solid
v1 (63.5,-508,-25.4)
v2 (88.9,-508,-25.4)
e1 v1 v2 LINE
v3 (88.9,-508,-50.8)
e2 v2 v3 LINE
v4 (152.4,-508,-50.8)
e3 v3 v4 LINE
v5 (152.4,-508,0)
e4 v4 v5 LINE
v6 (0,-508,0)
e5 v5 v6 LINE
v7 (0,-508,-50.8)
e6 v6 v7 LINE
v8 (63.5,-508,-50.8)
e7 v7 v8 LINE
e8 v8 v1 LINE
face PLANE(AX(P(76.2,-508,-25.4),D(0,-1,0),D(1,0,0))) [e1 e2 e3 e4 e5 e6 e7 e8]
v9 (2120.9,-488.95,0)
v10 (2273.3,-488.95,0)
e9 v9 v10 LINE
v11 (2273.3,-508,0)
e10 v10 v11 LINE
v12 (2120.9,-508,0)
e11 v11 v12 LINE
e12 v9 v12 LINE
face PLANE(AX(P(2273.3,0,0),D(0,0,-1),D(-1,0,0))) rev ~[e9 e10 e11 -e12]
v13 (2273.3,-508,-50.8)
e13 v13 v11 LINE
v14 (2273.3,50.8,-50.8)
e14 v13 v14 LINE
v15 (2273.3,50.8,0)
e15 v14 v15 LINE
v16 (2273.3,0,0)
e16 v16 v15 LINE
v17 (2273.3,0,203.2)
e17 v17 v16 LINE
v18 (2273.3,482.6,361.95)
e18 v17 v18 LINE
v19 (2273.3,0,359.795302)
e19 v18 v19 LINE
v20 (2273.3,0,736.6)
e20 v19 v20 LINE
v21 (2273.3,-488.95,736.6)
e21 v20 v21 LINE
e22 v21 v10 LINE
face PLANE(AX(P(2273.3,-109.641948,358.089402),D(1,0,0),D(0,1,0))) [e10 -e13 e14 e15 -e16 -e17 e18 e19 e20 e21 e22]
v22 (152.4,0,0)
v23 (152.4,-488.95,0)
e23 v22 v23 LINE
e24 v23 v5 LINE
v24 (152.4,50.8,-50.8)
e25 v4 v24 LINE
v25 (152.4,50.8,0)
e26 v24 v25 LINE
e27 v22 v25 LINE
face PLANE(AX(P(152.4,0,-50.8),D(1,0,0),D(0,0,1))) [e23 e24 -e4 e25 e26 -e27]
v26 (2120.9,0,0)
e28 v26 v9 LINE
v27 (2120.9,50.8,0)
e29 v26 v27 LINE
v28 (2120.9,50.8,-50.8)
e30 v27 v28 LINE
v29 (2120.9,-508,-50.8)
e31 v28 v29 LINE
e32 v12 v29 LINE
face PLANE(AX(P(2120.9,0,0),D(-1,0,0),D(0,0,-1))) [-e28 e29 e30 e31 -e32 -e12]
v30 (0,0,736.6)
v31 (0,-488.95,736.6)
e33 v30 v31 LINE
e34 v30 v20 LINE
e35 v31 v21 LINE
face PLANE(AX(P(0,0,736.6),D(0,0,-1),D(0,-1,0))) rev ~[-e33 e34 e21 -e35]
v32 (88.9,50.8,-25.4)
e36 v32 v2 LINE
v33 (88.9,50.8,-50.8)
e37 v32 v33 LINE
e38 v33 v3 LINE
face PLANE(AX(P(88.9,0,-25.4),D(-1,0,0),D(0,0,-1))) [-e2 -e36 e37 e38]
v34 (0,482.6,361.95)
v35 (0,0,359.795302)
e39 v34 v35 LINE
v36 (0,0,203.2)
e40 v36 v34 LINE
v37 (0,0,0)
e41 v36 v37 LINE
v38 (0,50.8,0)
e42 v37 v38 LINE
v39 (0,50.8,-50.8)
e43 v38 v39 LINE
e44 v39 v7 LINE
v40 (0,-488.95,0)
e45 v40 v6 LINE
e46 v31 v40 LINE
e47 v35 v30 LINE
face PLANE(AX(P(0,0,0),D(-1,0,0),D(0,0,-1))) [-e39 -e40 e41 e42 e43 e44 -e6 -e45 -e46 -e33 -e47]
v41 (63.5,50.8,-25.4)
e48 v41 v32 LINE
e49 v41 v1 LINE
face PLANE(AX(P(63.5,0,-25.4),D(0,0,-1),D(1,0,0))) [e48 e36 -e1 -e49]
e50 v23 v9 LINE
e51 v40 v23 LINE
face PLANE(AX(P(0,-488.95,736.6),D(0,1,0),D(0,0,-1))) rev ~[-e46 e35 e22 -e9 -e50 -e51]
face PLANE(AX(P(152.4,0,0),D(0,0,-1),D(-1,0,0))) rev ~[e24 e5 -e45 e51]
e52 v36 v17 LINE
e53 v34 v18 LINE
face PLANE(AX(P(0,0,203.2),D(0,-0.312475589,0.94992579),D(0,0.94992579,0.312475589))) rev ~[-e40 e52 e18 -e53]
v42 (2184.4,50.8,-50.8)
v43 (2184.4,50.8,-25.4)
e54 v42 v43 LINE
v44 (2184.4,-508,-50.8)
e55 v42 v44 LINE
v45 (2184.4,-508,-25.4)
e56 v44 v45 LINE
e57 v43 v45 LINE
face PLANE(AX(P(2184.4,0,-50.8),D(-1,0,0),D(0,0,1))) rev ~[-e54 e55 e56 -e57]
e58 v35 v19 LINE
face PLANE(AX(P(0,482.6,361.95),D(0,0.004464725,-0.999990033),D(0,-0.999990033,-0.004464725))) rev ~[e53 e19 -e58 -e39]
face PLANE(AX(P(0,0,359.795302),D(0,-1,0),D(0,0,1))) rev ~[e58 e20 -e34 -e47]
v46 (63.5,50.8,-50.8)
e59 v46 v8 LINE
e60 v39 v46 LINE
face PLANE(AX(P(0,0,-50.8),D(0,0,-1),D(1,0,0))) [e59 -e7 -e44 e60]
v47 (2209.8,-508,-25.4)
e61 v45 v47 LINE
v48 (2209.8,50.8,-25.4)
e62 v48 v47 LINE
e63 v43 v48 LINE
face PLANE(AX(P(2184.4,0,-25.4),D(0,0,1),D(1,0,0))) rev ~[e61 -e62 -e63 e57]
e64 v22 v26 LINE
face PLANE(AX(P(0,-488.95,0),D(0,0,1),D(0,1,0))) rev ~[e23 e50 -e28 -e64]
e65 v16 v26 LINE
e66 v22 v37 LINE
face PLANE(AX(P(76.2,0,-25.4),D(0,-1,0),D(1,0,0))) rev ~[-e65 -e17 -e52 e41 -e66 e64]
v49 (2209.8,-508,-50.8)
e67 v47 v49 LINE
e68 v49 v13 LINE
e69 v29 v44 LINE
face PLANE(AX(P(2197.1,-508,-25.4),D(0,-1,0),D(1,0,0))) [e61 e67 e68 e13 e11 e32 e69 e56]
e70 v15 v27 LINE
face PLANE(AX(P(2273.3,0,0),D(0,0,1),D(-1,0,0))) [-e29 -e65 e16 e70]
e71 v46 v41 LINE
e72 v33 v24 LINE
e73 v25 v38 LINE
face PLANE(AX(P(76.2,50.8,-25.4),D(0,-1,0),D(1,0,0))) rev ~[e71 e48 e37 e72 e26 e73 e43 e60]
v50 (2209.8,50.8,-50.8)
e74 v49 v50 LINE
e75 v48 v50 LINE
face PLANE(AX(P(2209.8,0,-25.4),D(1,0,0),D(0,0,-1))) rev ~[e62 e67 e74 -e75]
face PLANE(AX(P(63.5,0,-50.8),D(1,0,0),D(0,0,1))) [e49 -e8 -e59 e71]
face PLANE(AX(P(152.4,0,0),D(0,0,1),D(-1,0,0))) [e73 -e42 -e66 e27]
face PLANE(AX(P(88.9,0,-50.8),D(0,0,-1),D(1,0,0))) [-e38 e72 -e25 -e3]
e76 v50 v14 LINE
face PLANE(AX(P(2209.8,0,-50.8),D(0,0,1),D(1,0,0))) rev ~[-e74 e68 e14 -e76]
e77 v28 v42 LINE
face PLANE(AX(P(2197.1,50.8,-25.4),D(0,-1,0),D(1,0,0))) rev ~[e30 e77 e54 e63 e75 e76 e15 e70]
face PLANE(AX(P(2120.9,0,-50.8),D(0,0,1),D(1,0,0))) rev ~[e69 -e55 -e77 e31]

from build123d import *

# Parameters (mm, degrees)
F1_DEPTH      = 2273.3
F3_DEPTH      = 508
F3_DEPTH_BACK = 50.8


with BuildPart() as f1:
    # F0 (on Right) → F1 (new body)
    with BuildSketch(Plane.YZ):
        Polygon((-488.95, 0), (0, 0), (0, 203.2), (482.6, 361.95), (0, 359.795302), (0, 736.6), (-488.95, 736.6), align=None)
    extrude(amount=F1_DEPTH)

    # F2 (on Front) → F3 (join, two sides)
    with BuildSketch(Plane.XZ) as f3_sk:
        Polygon((76.2, 0), (0, 0), (0, -50.8), (63.5, -50.8), (63.5, -25.4), (88.9, -25.4), (88.9, -50.8), (152.4, -50.8), (152.4, 0), align=None)
        Polygon((2273.3, -50.8), (2273.3, 0), (2197.1, 0), (2120.9, 0), (2120.9, -50.8), (2184.4, -50.8), (2184.4, -25.4), (2209.8, -25.4), (2209.8, -50.8), align=None)
    extrude(amount=F3_DEPTH)
    extrude(f3_sk.sketch, amount=-F3_DEPTH_BACK)


solid = f1.part
